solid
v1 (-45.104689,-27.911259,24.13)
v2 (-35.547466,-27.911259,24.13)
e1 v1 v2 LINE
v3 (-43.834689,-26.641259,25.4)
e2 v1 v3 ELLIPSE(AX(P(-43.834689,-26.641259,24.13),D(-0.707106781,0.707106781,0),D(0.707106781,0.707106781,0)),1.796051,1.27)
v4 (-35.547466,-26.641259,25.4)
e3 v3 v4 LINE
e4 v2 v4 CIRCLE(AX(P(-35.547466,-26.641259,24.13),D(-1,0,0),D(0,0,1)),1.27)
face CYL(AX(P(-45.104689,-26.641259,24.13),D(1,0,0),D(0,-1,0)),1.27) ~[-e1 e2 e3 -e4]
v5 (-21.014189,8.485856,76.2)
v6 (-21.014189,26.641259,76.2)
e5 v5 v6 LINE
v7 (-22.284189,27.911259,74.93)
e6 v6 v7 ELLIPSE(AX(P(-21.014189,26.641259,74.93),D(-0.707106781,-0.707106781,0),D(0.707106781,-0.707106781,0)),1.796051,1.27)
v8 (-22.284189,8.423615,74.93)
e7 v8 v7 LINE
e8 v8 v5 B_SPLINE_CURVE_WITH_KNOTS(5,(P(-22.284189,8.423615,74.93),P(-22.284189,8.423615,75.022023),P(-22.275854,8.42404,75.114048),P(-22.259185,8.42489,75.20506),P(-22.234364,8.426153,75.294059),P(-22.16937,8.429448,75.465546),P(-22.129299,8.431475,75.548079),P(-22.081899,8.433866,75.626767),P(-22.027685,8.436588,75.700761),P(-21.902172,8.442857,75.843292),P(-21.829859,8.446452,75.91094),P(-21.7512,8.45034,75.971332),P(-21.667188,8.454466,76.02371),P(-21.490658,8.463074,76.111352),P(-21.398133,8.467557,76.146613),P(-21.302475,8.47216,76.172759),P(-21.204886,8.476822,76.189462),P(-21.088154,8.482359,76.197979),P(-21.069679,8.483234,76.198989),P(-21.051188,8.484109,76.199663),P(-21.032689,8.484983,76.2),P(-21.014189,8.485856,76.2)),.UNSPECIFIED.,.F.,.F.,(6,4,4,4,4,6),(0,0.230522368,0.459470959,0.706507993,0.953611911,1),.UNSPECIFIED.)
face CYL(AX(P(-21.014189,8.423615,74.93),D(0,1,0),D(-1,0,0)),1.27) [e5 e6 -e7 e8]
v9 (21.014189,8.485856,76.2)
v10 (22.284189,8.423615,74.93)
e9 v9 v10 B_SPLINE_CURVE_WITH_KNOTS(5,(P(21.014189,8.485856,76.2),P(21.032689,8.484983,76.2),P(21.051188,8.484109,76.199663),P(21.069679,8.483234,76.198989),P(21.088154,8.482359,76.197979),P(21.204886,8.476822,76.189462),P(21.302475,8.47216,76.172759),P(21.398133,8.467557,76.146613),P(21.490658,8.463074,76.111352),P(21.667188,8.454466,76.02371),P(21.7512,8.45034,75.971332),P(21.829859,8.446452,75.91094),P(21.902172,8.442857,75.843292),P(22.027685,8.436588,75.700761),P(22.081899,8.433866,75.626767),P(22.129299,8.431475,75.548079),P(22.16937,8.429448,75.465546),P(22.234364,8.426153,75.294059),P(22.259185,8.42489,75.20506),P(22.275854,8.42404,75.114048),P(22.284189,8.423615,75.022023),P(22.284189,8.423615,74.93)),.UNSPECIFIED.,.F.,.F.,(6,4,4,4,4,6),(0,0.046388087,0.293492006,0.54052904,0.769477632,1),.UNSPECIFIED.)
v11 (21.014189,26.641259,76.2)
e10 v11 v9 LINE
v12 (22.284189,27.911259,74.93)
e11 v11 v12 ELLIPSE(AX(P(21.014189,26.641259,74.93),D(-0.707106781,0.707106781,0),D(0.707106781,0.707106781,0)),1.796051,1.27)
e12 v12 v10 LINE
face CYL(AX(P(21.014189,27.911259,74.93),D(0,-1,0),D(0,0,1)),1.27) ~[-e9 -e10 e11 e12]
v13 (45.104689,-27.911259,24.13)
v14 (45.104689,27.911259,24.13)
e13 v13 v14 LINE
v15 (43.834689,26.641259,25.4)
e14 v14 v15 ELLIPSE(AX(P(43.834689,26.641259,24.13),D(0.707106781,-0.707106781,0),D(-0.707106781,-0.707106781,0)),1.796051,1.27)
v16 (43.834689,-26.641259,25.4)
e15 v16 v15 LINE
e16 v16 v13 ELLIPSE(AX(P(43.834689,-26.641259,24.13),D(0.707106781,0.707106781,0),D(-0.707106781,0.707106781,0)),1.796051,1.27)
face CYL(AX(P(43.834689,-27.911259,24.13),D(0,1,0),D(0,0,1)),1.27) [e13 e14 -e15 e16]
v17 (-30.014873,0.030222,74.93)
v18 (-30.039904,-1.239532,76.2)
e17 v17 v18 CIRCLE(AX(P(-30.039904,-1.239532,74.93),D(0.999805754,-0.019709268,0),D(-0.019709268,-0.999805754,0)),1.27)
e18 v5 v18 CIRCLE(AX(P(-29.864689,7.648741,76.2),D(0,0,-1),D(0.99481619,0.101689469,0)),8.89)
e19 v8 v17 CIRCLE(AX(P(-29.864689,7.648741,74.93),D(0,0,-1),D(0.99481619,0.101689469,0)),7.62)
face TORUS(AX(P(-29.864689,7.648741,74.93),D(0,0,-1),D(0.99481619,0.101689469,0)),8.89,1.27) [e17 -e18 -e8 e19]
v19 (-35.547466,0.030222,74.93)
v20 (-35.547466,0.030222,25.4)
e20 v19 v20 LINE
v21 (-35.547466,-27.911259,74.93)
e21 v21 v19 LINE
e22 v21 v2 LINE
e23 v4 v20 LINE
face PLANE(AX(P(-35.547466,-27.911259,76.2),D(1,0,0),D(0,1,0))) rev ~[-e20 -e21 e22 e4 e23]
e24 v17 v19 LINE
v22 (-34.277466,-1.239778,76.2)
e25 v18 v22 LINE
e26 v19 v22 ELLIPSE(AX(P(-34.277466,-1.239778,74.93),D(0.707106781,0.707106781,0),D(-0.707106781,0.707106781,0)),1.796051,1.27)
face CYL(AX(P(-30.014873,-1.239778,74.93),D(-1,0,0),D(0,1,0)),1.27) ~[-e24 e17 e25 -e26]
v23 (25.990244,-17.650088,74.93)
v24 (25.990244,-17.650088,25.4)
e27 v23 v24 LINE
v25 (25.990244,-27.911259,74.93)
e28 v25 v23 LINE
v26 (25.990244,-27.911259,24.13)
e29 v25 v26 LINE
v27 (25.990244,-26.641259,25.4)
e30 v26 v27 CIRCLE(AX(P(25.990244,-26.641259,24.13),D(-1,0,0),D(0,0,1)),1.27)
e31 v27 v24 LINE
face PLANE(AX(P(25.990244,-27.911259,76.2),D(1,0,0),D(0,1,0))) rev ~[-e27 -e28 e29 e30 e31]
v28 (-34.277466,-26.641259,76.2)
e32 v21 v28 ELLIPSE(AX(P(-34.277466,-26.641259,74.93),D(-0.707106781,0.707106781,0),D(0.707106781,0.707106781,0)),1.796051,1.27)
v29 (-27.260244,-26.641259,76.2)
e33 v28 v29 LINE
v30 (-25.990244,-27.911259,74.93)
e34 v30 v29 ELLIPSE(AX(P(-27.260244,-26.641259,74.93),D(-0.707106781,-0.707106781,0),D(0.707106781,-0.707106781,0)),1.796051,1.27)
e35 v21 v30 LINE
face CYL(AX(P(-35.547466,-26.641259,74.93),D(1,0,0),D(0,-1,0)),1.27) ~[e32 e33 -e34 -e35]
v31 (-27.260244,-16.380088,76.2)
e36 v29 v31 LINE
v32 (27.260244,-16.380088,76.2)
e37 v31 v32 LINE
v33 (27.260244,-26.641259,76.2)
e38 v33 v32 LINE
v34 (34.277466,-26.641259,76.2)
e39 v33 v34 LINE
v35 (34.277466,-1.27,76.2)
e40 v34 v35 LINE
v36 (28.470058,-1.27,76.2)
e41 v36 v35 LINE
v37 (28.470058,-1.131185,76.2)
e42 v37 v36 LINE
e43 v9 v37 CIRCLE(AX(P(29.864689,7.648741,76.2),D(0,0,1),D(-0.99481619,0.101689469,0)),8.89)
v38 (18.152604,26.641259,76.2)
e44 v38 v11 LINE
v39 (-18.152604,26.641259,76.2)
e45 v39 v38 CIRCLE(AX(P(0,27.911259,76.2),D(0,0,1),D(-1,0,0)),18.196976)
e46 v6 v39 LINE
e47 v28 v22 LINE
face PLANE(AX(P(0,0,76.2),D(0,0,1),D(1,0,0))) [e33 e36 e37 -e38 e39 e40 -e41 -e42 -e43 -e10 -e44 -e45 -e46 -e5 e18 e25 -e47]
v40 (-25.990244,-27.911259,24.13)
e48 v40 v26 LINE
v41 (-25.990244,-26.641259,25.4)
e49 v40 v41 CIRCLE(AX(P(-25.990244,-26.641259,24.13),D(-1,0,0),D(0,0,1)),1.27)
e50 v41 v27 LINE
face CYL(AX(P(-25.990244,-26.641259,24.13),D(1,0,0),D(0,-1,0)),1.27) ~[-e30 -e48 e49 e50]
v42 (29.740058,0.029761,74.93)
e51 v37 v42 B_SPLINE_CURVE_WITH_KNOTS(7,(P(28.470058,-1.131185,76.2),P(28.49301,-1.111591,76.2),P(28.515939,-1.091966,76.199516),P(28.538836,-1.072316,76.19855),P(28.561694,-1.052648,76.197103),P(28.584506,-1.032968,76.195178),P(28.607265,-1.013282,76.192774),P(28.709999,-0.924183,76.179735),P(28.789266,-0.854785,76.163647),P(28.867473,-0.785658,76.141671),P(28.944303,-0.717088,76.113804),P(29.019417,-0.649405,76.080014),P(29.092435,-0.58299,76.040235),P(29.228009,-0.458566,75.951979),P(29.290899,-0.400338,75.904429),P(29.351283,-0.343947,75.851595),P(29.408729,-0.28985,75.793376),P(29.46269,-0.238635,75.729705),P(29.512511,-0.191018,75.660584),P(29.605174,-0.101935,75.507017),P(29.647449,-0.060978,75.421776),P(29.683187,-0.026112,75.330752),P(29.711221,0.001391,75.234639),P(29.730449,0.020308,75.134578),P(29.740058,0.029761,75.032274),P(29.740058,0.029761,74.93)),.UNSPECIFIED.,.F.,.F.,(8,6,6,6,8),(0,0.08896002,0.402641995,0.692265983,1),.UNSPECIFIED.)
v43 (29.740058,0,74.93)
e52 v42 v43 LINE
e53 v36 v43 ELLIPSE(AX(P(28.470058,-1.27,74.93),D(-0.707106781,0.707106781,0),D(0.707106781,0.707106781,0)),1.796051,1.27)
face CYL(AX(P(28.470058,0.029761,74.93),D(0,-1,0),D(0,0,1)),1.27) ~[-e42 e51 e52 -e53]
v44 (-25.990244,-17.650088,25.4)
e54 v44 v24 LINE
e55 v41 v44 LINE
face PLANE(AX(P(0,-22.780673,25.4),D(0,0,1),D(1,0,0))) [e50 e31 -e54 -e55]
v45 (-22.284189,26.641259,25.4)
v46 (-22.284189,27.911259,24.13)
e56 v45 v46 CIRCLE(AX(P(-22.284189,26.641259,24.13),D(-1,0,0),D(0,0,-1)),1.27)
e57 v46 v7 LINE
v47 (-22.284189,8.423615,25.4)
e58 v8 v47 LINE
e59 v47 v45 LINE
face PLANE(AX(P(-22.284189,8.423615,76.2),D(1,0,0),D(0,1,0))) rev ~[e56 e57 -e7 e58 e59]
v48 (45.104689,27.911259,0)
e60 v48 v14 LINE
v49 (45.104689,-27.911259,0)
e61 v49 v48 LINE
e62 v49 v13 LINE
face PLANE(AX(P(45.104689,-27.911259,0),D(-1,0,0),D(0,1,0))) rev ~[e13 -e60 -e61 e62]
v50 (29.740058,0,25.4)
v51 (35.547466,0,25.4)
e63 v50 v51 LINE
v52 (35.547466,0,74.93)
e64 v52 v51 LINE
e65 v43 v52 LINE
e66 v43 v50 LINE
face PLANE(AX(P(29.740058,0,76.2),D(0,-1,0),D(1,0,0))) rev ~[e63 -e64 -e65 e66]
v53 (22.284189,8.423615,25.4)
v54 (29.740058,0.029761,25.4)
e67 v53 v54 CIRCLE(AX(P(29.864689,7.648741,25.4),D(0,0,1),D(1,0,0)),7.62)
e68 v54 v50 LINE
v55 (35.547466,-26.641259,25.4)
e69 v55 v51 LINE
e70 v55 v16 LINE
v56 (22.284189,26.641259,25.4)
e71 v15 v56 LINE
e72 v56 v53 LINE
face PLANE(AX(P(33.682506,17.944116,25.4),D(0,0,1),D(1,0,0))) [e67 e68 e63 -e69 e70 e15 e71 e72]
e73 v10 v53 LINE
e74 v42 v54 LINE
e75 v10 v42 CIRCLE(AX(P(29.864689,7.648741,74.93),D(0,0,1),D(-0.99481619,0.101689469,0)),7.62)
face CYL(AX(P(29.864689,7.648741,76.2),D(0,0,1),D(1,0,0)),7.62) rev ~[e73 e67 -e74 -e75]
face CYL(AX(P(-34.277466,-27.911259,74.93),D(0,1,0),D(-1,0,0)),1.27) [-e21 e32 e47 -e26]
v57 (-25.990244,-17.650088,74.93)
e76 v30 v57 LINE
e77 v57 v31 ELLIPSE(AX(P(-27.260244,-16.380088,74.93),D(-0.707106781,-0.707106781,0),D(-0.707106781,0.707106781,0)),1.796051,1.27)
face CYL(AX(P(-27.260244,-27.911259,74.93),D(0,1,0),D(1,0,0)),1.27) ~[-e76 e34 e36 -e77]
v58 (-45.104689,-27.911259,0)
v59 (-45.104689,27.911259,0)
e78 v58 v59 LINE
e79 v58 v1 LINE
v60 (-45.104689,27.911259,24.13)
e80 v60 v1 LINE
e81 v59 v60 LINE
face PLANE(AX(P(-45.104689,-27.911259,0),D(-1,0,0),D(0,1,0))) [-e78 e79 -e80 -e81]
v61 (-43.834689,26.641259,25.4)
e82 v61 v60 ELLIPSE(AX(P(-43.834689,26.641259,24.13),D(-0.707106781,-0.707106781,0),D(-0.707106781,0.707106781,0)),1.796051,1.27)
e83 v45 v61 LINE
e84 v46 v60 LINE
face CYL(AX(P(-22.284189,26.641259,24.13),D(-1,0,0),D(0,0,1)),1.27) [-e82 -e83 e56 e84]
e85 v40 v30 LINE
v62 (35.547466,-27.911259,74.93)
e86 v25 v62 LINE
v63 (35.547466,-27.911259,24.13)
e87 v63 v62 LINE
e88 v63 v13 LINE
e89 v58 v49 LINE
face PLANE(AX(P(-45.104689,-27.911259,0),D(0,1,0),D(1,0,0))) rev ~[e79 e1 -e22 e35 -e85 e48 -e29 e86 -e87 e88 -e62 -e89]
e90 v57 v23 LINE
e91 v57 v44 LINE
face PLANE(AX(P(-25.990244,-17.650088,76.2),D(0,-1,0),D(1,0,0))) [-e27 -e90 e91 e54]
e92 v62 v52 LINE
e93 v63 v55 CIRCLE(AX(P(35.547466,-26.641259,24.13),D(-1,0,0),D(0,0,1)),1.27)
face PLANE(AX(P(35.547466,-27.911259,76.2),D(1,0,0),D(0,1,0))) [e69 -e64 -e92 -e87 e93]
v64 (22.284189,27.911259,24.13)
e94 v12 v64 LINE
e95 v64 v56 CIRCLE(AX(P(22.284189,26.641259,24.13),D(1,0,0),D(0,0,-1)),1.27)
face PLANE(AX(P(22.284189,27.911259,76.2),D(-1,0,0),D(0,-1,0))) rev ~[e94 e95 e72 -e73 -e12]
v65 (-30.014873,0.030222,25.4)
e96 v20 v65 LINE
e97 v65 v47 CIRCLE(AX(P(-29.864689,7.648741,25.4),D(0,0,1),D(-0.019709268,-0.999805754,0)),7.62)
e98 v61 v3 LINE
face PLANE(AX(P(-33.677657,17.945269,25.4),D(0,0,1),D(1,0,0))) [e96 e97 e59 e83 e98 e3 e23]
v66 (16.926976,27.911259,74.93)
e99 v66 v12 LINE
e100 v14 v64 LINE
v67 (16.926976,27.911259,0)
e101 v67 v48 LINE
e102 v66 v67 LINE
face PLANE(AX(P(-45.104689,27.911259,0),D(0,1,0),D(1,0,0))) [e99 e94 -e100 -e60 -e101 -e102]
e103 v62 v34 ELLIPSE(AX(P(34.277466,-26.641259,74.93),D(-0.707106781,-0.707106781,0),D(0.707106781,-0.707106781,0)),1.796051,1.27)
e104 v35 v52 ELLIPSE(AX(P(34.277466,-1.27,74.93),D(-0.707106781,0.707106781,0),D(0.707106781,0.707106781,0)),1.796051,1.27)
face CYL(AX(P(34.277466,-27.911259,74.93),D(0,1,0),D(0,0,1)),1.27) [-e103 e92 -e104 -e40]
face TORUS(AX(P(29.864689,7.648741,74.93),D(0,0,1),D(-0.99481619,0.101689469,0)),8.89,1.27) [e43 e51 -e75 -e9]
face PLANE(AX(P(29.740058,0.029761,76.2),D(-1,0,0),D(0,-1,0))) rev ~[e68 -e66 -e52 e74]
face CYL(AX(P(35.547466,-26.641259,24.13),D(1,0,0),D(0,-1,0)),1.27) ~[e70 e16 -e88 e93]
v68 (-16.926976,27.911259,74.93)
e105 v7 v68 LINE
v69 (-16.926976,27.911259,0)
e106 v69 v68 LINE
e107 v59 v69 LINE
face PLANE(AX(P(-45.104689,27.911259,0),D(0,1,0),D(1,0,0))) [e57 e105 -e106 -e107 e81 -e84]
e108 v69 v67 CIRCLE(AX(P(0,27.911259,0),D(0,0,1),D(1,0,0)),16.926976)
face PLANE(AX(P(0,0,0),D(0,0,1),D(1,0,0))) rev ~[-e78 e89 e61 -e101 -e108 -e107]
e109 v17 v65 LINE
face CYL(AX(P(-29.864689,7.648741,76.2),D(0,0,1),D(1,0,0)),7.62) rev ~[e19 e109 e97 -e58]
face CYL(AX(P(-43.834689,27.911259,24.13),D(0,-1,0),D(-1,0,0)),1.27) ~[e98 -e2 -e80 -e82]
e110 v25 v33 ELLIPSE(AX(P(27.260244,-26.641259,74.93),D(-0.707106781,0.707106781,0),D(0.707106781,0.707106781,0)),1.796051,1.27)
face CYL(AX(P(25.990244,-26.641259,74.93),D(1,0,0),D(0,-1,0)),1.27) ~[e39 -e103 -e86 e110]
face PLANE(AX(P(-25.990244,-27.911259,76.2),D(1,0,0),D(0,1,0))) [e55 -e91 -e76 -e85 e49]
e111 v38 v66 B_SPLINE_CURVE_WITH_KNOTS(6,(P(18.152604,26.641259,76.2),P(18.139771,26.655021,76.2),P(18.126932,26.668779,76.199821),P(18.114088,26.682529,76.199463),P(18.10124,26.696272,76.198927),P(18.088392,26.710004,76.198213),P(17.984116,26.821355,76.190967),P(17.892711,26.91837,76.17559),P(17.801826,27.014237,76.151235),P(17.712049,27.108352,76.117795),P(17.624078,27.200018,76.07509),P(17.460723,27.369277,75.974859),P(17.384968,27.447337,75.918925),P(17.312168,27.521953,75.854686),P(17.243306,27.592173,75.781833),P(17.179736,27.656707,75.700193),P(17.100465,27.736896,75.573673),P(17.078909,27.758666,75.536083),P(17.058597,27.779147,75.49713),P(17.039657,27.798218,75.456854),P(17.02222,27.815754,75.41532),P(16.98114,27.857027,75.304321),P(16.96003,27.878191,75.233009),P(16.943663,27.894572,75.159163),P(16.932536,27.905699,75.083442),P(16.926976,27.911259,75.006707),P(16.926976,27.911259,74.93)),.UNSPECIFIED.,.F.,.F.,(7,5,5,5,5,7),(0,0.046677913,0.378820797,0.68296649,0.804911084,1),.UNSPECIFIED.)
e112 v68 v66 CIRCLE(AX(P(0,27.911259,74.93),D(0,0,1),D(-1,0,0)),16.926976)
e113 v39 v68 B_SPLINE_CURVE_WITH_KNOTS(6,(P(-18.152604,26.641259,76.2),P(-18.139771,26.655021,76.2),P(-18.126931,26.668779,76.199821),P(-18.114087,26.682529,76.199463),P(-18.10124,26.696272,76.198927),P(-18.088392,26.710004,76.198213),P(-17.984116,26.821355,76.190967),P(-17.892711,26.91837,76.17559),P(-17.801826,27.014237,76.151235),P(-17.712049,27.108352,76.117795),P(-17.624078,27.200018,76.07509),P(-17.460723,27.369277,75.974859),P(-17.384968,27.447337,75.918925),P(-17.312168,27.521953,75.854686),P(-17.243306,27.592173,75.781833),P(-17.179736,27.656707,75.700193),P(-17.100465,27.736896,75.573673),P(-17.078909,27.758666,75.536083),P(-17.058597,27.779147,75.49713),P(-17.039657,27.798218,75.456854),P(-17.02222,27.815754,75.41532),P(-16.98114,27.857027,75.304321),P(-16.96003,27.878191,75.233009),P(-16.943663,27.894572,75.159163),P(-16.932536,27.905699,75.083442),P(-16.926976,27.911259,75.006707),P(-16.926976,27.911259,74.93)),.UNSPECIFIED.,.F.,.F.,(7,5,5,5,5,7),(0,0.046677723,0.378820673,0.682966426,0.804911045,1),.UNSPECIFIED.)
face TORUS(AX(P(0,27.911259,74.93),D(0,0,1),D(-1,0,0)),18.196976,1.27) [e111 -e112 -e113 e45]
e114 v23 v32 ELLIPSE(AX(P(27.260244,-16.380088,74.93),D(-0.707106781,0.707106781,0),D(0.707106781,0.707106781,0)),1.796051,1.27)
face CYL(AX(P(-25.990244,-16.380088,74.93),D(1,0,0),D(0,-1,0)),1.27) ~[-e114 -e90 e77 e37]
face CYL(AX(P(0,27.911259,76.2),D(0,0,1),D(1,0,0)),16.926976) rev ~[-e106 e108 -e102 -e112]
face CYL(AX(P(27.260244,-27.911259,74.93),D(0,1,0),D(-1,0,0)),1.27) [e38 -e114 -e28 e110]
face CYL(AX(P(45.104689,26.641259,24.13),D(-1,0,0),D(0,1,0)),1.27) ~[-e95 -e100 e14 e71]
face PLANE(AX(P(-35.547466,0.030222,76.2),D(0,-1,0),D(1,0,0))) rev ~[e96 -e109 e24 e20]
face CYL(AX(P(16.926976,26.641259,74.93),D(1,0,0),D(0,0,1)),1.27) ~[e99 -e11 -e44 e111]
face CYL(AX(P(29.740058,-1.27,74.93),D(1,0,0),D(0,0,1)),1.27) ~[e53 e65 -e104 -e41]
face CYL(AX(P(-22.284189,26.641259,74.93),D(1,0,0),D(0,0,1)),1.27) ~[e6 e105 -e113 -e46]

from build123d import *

# Parameters (mm, degrees)
F0_W     = 90.20937762
F0_H     = 55.82251726
F1_DEPTH = 76.2
F2_R     = 16.9269763234
F3_DEPTH = 76.2
F4_W     = 51.9804880023
F4_H     = 10.2611703347
F5_DEPTH = 50.8
F6_R     = 7.62
F7_DEPTH = 50.8
F8_W     = 9.5572224044
F8_H     = 27.9414801582
F8_H_2   = 27.91125863
F9_DEPTH = 50.8
F10_R    = 1.27


with BuildPart() as f1:
    # F0 (on Top) → F1 (new body)
    with BuildSketch(Plane.XY):
        Rectangle(F0_W, F0_H)
    extrude(amount=F1_DEPTH)

    # F2 (on face) → F3 (cut)
    with BuildSketch(Plane.XY.offset(76.2)):
        with Locations((0, 27.91125863)):
            Circle(F2_R)
    extrude(amount=-F3_DEPTH, mode=Mode.SUBTRACT)

    # F4 (on face) → F5 (cut)
    with BuildSketch(Plane.XY.offset(76.2)):
        with Locations((0, -22.7806734627)):
            Rectangle(F4_W, F4_H)
    extrude(amount=-F5_DEPTH, mode=Mode.SUBTRACT)

    # F6 (on face) → F7 (cut)
    with BuildSketch(Plane.XY.offset(76.2)):
        with Locations((-29.86468881, 7.64874137)):
            Circle(F6_R)
        with Locations((29.86468881, 7.64874137)):
            Circle(F6_R)
    extrude(amount=-F7_DEPTH, mode=Mode.SUBTRACT)

    # F8 (on face) → F9 (cut)
    with BuildSketch(Plane.XY.offset(76.2)):
        with BuildLine():
            Line((-22.2841894419, 27.91125863), (-45.10468881, 27.91125863))
            Line((-45.10468881, 27.91125863), (-45.10468881, 6.8738676186))
            Line((-45.10468881, 6.8738676186), (-37.4451881781, 6.8738676186))
            ThreePointArc((-37.4451881781, 6.8738676186), (-30.6395625614, 15.2292407381), (-22.2841894419, 8.4236151214))
            Line((-22.2841894419, 8.4236151214), (-22.2841894419, 27.91125863))
        make_face()
        with BuildLine():
            Line((-37.4451881781, 6.8738676186), (-45.10468881, 6.8738676186))
            Line((-45.10468881, 6.8738676186), (-45.10468881, 0.0302215282))
            Line((-45.10468881, 0.0302215282), (-35.5474664056, 0.0302215282))
            Line((-35.5474664056, 0.0302215282), (-30.0148734284, 0.0302215282))
            ThreePointArc((-30.0148734284, 0.0302215282), (-35.0270275898, 2.0438632873), (-37.4451881781, 6.8738676186))
        make_face()
        with Locations((-40.3260776078, -13.9405185509)):
            Rectangle(F8_W, F8_H)
        with BuildLine():
            Line((45.10468881, 27.91125863), (22.2841894419, 27.91125863))
            Line((22.2841894419, 27.91125863), (22.2841894419, 8.4236151214))
            ThreePointArc((22.2841894419, 8.4236151214), (30.2526287637, 15.2588598048), (37.48468881, 7.64874137))
            ThreePointArc((37.48468881, 7.64874137), (37.4748072448, 7.2608014163), (37.4451881781, 6.8738676186))
            Line((37.4451881781, 6.8738676186), (45.10468881, 6.8738676186))
            Line((45.10468881, 6.8738676186), (45.10468881, 27.91125863))
        make_face()
        with BuildLine():
            Line((45.10468881, 0), (45.10468881, 6.8738676186))
            Line((45.10468881, 6.8738676186), (37.4451881781, 6.8738676186))
            ThreePointArc((37.4451881781, 6.8738676186), (34.9251180007, 1.9516845504), (29.7400578856, 0.0297606552))
            Line((29.7400578856, 0.0297606552), (29.7400578856, 0))
            Line((29.7400578856, 0), (35.5474664056, 0))
            Line((35.5474664056, 0), (45.10468881, 0))
        make_face()
        with Locations((40.3260776078, -13.955629315)):
            Rectangle(F8_W, F8_H_2)
    extrude(amount=-F9_DEPTH, mode=Mode.SUBTRACT)

    # F10
    f10_edges = [f1.edges().sort_by_distance(p)[0] for p in [
        (-33.694439, 27.911259, 25.4),
        (33.694439, 27.911259, 25.4),
        (19.605583, 27.911259, 76.2),
        (-19.605583, 27.911259, 76.2),
        (0, 10.984282, 76.2),
        (25.990244, -22.780673, 76.2),
        (30.768855, -27.911259, 76.2),
        (35.547466, -13.955629, 76.2),
        (32.643762, 0, 76.2),
        (29.740058, 0.01488, 76.2),
        (24.167632, 2.588312, 76.2),
        (22.284189, 18.167437, 76.2),
        (-22.284189, 18.167437, 76.2),
        (-24.259811, 2.486403, 76.2),
        (-32.78117, 0.030222, 76.2),
        (-35.547466, -13.940519, 76.2),
        (-30.768855, -27.911259, 76.2),
        (-25.990244, -22.780673, 76.2),
        (0, -17.650088, 76.2),
        (0, -27.911259, 25.4),
        (-40.326078, -27.911259, 25.4),
        (-45.104689, 0, 25.4),
        (45.104689, 0, 25.4),
        (40.326078, -27.911259, 25.4),
    ]]
    fillet(f10_edges, radius=F10_R)


solid = f1.part
